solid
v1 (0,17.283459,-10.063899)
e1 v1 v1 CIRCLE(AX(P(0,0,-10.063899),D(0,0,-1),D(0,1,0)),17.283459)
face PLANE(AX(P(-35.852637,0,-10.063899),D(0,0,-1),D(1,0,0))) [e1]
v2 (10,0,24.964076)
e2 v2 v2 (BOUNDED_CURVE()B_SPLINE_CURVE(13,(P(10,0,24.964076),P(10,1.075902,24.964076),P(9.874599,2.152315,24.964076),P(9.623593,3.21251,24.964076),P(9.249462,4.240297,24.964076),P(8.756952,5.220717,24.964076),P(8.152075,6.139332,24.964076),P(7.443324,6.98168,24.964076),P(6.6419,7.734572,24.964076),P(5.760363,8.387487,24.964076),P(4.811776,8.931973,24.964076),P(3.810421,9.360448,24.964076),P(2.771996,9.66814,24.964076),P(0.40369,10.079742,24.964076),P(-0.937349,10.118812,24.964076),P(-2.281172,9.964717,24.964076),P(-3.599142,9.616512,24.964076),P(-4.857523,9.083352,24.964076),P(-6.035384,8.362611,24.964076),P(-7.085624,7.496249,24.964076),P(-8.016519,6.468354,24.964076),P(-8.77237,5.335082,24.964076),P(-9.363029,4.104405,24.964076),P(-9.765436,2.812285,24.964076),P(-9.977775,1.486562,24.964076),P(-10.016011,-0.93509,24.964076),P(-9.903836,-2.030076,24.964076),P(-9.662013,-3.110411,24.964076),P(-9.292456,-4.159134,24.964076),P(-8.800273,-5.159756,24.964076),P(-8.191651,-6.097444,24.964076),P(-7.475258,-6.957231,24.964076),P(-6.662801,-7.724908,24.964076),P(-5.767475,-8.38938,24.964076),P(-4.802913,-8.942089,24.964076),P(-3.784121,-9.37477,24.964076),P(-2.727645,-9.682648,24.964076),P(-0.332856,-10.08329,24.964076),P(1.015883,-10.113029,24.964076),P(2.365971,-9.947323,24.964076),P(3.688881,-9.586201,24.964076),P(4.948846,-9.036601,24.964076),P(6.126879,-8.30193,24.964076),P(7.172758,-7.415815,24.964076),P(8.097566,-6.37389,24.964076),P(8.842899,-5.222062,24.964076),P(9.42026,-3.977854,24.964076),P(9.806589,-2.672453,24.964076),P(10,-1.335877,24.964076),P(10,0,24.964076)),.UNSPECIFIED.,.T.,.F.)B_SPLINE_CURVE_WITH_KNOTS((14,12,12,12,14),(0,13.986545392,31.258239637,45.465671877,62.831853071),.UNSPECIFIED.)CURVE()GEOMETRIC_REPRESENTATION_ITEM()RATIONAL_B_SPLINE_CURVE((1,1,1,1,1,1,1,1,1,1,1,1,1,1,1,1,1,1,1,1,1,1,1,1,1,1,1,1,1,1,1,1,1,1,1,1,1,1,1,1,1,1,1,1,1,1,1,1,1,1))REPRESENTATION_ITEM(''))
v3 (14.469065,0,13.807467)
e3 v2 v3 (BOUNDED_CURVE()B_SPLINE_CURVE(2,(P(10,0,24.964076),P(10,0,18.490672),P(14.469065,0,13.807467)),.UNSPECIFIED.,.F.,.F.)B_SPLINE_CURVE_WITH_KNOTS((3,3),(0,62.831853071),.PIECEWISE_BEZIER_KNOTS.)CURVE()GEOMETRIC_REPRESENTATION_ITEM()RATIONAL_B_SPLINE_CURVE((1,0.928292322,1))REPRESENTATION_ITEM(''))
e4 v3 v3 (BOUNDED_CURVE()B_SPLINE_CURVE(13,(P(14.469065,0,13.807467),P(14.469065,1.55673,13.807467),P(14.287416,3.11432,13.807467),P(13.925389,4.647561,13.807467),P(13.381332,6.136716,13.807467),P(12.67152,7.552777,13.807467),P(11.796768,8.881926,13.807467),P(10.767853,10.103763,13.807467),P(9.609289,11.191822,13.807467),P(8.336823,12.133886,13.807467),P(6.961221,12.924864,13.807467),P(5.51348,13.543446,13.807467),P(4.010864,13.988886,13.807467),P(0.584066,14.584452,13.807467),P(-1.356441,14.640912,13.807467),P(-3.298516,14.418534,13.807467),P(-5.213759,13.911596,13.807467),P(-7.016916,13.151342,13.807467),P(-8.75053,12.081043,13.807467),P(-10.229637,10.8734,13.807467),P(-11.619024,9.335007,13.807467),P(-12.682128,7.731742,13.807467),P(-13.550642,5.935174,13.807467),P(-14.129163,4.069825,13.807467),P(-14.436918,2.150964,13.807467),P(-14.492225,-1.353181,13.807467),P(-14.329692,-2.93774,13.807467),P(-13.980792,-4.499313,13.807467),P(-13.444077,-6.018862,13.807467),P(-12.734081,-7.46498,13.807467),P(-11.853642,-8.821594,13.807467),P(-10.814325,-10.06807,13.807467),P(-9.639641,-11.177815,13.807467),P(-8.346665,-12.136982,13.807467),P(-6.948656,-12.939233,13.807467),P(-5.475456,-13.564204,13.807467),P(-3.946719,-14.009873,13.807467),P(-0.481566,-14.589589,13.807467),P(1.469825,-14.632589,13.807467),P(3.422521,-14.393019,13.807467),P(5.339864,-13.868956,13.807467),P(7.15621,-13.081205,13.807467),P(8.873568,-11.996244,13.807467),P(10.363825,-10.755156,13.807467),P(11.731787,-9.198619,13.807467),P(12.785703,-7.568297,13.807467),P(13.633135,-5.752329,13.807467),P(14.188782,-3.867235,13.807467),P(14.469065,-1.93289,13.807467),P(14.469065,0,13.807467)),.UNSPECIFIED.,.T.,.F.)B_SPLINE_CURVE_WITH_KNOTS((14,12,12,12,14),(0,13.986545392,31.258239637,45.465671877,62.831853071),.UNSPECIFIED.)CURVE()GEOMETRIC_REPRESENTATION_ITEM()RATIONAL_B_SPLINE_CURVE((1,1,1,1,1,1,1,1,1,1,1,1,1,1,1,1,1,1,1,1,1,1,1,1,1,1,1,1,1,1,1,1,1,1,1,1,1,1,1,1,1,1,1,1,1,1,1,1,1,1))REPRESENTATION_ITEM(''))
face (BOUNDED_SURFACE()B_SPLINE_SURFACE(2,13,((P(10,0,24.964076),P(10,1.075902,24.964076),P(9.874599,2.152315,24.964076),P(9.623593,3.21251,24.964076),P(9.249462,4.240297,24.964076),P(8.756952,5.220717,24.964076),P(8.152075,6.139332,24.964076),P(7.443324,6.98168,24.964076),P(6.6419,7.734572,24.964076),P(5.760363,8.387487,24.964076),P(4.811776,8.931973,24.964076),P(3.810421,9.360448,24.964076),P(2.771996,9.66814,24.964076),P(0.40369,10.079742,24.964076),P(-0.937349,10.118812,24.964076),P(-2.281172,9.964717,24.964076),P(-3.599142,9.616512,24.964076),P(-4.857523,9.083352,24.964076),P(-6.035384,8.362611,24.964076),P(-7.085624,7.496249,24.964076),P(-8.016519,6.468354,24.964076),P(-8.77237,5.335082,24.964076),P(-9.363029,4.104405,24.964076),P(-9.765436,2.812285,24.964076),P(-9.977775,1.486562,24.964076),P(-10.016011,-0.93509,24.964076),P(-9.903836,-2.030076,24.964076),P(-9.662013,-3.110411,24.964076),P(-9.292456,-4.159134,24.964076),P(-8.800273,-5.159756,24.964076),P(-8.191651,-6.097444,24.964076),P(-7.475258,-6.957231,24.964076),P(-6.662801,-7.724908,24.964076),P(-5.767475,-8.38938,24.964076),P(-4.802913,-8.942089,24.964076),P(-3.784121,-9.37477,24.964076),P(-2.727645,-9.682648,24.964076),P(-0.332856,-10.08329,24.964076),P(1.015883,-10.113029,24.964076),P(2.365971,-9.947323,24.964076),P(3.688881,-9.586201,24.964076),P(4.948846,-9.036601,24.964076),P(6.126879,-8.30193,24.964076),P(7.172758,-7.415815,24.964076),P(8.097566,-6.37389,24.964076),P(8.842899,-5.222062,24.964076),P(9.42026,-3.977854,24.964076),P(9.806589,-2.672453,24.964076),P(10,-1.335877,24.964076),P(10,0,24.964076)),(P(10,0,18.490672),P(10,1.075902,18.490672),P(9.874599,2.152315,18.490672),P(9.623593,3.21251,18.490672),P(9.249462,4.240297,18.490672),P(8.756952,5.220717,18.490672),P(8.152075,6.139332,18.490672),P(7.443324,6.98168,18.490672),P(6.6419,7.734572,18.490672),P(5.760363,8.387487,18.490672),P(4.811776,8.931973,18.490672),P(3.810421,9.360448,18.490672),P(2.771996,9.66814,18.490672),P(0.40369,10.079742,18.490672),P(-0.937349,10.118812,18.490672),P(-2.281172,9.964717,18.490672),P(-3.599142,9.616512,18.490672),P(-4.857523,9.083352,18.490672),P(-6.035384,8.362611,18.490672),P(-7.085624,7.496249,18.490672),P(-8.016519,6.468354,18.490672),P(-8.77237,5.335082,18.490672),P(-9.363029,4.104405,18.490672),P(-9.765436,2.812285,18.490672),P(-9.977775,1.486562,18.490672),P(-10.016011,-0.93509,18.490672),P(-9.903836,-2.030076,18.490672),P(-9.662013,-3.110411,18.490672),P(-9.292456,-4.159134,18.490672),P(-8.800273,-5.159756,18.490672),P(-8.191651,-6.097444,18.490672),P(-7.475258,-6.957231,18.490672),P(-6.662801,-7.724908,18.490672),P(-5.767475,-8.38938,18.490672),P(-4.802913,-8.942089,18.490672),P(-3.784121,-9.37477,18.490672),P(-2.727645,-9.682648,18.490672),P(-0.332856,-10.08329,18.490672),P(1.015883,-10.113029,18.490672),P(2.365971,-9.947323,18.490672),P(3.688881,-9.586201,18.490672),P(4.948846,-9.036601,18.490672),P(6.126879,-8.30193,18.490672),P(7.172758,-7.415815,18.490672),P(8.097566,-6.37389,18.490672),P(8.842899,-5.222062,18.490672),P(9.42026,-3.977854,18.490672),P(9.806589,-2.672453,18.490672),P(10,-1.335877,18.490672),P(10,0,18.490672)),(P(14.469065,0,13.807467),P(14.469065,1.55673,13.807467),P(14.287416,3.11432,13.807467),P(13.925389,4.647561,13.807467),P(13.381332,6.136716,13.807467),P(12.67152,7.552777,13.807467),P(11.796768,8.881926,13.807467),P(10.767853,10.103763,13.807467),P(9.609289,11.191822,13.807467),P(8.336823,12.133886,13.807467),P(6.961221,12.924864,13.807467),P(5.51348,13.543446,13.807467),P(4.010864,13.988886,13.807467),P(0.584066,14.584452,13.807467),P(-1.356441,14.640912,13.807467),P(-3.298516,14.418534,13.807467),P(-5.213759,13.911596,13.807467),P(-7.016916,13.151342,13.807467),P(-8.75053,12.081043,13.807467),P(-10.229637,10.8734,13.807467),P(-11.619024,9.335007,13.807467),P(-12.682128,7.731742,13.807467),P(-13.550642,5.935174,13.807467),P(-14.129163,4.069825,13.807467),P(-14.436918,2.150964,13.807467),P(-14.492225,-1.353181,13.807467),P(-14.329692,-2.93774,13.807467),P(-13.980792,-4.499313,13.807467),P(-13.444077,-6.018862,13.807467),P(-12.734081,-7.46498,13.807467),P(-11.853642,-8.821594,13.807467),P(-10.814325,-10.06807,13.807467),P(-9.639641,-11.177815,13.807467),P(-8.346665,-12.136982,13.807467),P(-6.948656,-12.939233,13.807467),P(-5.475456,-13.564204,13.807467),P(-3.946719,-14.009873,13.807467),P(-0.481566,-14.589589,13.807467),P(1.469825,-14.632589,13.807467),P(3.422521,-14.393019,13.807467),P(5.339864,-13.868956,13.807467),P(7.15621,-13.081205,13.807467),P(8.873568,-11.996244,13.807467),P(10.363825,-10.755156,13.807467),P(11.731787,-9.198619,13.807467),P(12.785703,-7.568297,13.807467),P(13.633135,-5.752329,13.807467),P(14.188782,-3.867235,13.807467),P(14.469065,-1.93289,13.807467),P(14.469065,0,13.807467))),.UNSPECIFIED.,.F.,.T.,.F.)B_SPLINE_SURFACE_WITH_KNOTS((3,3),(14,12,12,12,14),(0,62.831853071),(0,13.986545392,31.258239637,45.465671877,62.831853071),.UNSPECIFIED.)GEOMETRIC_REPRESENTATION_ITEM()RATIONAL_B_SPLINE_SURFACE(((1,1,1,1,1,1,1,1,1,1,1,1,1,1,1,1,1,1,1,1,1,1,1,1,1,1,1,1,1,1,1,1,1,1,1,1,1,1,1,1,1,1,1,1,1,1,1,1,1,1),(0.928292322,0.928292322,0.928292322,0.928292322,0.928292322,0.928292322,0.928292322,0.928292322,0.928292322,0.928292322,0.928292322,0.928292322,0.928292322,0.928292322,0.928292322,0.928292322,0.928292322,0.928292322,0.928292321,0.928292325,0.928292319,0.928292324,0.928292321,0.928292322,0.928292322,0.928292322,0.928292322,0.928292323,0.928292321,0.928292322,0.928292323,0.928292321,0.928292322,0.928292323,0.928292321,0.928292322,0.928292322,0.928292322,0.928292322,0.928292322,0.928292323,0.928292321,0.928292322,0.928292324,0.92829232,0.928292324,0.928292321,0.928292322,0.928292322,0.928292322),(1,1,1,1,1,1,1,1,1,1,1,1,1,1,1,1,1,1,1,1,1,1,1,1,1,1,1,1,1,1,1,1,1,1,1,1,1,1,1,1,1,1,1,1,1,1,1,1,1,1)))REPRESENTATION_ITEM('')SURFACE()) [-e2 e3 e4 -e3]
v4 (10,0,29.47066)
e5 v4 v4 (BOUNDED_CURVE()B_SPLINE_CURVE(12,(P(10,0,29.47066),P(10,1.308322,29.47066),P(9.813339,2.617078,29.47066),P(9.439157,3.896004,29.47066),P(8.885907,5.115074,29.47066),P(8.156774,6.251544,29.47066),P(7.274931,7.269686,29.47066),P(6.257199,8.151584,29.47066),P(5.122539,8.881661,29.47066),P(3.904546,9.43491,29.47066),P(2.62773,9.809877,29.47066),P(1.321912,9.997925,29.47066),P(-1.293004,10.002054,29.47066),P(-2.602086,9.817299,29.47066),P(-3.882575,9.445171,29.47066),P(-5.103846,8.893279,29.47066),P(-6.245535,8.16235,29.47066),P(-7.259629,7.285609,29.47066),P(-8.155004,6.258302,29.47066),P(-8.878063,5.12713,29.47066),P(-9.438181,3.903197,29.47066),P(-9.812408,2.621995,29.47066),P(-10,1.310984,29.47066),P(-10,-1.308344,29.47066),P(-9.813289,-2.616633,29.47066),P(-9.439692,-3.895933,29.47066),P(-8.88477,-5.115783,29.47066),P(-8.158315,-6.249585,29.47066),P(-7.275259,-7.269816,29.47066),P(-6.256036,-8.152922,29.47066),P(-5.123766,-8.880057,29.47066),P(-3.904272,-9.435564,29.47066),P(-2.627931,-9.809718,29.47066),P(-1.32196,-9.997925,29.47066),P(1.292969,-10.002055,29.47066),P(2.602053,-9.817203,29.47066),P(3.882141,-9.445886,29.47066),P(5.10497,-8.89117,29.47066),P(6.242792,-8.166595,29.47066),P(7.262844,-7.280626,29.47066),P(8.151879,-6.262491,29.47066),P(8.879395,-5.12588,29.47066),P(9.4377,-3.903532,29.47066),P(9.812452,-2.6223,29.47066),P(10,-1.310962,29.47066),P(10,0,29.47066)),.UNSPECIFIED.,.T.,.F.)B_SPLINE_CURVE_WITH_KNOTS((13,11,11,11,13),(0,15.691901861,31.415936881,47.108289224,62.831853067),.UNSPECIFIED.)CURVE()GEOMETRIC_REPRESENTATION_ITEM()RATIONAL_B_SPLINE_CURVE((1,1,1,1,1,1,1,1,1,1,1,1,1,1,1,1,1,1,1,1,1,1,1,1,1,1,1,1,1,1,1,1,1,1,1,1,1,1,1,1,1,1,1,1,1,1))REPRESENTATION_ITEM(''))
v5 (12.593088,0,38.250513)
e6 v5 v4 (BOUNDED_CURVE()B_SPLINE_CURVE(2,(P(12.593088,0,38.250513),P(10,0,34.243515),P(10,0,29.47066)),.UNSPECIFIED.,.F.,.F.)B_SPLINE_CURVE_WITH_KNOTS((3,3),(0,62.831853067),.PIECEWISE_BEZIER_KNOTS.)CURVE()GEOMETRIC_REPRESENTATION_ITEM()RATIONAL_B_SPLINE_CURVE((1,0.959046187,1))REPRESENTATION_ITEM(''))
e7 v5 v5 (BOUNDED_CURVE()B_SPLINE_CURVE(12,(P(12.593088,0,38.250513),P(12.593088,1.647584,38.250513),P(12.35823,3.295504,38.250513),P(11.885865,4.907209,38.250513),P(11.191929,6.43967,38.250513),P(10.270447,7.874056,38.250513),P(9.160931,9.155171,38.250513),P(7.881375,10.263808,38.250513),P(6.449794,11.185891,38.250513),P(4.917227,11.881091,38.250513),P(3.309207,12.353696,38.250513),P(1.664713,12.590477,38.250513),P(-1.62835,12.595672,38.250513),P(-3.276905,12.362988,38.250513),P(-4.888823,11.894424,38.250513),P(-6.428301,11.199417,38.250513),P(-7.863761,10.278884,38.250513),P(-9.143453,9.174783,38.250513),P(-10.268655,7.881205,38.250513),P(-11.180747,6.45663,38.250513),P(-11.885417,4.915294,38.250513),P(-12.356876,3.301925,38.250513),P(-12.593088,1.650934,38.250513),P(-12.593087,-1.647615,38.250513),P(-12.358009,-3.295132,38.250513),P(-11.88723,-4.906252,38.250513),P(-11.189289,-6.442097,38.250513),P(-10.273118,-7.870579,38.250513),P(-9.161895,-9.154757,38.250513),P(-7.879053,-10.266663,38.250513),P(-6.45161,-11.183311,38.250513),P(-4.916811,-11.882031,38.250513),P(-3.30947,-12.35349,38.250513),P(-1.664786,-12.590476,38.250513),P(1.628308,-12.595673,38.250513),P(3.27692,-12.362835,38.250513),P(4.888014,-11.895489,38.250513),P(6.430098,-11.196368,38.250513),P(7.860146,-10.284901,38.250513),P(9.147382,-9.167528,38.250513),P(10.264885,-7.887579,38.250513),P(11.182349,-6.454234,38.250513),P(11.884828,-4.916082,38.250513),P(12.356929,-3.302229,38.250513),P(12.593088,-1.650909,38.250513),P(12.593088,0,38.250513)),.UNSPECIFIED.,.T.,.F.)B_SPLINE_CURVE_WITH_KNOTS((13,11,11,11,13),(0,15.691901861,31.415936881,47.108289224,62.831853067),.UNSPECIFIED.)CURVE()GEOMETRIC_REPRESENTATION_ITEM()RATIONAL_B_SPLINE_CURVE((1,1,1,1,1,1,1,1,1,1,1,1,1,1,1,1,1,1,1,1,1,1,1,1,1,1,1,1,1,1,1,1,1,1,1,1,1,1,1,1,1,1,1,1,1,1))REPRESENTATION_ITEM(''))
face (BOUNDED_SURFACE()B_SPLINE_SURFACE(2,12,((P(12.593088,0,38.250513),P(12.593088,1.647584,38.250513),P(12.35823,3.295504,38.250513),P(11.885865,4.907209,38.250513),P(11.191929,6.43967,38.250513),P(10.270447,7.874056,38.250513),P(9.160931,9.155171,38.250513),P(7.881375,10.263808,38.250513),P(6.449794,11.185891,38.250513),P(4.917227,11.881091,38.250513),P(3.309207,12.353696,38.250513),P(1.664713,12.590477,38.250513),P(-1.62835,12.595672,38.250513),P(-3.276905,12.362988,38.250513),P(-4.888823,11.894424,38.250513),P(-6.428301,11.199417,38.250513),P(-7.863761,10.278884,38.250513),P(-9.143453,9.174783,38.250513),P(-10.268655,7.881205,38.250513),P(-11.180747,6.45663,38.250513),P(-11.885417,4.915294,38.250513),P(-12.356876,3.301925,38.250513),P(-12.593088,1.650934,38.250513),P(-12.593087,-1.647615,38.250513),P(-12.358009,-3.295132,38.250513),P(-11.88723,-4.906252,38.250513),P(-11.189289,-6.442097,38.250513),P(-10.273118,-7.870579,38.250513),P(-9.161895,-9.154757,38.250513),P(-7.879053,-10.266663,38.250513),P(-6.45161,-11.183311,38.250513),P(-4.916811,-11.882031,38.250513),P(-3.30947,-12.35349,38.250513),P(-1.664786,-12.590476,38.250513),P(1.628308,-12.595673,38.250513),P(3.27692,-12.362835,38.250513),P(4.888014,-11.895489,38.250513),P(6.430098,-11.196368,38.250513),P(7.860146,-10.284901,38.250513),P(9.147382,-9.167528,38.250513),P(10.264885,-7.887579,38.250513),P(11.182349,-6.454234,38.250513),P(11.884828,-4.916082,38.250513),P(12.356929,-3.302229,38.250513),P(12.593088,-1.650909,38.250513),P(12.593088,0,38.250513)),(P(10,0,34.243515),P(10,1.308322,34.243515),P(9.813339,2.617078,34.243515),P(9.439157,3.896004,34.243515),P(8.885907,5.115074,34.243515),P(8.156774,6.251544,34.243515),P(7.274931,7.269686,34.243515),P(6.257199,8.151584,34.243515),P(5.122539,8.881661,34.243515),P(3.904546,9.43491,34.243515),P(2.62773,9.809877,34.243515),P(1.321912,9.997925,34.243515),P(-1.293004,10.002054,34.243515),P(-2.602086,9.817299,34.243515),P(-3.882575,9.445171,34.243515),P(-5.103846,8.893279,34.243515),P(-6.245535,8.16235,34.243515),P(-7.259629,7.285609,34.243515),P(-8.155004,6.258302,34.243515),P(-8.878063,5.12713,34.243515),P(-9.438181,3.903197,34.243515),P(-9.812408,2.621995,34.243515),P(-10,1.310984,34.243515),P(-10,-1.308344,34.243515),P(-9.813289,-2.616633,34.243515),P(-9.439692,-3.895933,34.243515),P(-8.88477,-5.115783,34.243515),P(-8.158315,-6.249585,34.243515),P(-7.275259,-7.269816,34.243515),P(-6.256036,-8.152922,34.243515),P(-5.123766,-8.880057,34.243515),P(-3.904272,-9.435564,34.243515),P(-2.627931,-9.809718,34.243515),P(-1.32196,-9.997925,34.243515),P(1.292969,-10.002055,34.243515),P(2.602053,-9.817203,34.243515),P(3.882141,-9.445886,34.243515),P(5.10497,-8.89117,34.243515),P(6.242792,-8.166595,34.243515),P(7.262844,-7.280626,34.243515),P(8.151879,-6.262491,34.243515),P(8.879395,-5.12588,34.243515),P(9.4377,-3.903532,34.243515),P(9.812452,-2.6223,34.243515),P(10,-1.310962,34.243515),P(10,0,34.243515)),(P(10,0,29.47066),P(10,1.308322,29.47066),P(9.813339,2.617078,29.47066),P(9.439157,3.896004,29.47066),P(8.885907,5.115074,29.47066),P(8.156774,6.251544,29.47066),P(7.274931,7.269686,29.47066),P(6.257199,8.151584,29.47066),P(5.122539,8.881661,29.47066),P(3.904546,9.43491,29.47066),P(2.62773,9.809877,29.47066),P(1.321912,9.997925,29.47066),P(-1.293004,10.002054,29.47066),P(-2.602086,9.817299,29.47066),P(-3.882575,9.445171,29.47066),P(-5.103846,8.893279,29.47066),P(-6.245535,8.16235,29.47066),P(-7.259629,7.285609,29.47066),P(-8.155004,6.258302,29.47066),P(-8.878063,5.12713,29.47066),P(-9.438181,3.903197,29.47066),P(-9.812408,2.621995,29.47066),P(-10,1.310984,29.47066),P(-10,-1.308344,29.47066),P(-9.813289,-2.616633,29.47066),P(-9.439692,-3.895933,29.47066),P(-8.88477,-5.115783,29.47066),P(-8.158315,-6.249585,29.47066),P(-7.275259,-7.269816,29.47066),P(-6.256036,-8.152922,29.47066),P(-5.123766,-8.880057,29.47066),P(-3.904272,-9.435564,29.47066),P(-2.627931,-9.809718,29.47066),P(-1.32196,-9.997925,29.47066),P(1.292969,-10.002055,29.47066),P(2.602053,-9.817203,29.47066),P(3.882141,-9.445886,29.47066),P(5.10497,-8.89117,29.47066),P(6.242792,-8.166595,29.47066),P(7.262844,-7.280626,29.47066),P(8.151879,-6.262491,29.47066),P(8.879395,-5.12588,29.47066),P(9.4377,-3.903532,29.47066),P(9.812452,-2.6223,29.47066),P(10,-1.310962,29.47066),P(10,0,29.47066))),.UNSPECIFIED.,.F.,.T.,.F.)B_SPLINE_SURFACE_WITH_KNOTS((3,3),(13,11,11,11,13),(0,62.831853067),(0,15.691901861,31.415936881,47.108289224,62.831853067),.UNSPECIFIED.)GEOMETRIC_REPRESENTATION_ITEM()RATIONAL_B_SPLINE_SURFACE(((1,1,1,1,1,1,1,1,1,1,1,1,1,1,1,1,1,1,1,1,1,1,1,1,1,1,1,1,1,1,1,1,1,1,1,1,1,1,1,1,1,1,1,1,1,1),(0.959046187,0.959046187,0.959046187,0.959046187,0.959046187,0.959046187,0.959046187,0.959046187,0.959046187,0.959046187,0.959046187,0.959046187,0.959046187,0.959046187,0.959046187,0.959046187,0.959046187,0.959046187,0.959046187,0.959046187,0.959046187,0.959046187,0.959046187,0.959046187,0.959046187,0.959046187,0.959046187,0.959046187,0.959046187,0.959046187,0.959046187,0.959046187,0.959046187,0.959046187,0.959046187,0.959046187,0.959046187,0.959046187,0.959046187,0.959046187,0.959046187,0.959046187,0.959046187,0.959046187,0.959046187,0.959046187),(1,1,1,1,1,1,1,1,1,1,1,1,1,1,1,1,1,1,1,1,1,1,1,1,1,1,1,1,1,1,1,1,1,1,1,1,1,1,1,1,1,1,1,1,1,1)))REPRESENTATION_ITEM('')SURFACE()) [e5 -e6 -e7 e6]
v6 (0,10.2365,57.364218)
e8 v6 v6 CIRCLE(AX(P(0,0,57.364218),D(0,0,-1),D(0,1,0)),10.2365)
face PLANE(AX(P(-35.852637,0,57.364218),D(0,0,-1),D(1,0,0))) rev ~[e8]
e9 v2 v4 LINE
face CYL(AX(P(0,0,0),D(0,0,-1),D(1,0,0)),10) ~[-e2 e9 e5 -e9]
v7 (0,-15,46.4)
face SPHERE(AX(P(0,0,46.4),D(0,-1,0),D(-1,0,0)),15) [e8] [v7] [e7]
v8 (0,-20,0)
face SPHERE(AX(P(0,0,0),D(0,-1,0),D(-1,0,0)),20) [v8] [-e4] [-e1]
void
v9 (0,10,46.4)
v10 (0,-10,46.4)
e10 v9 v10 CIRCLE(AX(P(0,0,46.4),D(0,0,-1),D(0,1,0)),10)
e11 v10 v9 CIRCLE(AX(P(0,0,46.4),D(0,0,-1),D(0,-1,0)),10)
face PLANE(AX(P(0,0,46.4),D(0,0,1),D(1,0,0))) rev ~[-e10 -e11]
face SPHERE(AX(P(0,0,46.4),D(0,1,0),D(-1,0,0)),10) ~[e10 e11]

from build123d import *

# Parameters (mm, degrees)
F2_R     = 10
F3_DEPTH = 46.4
F6_R     = 16.1602540378
F7_W     = 76.2340277433
F7_H     = 67.4281166866
F8_DEPTH = 24.8


with BuildPart() as f1:
    # F0 (on Top) → F1 (revolve)
    with BuildSketch(Plane.XY):
        with BuildLine():
            Line((0, -20), (0, 20))
            ThreePointArc((0, 20), (-20, 0), (0, -20))
        make_face()
    revolve(axis=Axis((0, 0, 0), (0, -1, 0)))

    # F2 (on Top) → F3 (join)
    with BuildSketch(Plane.XY):
        Circle(F2_R)
    extrude(amount=F3_DEPTH)

    # F4 (on face) → F5 (revolve)
    with BuildSketch(Plane.XY.offset(46.4)):
        with BuildLine():
            Line((0, 10), (0, 15))
            ThreePointArc((0, 15), (-15, 0), (0, -15))
            Line((0, -15), (0, -10))
            ThreePointArc((0, -10), (-10, 0), (0, 10))
        make_face()
    revolve(axis=Axis((0, 0, 46.4), (0, -1, 0)))

    # F6
    f6_edges = [f1.edges().sort_by_distance(p)[0] for p in [
        (-10, 0, 35.21966),
        (-10, 0, 17.320508),
    ]]
    fillet(f6_edges, radius=F6_R)

    # F7 (on Front) → F8 (intersect, symmetric)
    with BuildSketch(Plane.XZ):
        with Locations((2.2643767297, 23.6501595937)):
            Rectangle(F7_W, F7_H)
    extrude(amount=F8_DEPTH, both=True, mode=Mode.INTERSECT)


solid = f1.part
